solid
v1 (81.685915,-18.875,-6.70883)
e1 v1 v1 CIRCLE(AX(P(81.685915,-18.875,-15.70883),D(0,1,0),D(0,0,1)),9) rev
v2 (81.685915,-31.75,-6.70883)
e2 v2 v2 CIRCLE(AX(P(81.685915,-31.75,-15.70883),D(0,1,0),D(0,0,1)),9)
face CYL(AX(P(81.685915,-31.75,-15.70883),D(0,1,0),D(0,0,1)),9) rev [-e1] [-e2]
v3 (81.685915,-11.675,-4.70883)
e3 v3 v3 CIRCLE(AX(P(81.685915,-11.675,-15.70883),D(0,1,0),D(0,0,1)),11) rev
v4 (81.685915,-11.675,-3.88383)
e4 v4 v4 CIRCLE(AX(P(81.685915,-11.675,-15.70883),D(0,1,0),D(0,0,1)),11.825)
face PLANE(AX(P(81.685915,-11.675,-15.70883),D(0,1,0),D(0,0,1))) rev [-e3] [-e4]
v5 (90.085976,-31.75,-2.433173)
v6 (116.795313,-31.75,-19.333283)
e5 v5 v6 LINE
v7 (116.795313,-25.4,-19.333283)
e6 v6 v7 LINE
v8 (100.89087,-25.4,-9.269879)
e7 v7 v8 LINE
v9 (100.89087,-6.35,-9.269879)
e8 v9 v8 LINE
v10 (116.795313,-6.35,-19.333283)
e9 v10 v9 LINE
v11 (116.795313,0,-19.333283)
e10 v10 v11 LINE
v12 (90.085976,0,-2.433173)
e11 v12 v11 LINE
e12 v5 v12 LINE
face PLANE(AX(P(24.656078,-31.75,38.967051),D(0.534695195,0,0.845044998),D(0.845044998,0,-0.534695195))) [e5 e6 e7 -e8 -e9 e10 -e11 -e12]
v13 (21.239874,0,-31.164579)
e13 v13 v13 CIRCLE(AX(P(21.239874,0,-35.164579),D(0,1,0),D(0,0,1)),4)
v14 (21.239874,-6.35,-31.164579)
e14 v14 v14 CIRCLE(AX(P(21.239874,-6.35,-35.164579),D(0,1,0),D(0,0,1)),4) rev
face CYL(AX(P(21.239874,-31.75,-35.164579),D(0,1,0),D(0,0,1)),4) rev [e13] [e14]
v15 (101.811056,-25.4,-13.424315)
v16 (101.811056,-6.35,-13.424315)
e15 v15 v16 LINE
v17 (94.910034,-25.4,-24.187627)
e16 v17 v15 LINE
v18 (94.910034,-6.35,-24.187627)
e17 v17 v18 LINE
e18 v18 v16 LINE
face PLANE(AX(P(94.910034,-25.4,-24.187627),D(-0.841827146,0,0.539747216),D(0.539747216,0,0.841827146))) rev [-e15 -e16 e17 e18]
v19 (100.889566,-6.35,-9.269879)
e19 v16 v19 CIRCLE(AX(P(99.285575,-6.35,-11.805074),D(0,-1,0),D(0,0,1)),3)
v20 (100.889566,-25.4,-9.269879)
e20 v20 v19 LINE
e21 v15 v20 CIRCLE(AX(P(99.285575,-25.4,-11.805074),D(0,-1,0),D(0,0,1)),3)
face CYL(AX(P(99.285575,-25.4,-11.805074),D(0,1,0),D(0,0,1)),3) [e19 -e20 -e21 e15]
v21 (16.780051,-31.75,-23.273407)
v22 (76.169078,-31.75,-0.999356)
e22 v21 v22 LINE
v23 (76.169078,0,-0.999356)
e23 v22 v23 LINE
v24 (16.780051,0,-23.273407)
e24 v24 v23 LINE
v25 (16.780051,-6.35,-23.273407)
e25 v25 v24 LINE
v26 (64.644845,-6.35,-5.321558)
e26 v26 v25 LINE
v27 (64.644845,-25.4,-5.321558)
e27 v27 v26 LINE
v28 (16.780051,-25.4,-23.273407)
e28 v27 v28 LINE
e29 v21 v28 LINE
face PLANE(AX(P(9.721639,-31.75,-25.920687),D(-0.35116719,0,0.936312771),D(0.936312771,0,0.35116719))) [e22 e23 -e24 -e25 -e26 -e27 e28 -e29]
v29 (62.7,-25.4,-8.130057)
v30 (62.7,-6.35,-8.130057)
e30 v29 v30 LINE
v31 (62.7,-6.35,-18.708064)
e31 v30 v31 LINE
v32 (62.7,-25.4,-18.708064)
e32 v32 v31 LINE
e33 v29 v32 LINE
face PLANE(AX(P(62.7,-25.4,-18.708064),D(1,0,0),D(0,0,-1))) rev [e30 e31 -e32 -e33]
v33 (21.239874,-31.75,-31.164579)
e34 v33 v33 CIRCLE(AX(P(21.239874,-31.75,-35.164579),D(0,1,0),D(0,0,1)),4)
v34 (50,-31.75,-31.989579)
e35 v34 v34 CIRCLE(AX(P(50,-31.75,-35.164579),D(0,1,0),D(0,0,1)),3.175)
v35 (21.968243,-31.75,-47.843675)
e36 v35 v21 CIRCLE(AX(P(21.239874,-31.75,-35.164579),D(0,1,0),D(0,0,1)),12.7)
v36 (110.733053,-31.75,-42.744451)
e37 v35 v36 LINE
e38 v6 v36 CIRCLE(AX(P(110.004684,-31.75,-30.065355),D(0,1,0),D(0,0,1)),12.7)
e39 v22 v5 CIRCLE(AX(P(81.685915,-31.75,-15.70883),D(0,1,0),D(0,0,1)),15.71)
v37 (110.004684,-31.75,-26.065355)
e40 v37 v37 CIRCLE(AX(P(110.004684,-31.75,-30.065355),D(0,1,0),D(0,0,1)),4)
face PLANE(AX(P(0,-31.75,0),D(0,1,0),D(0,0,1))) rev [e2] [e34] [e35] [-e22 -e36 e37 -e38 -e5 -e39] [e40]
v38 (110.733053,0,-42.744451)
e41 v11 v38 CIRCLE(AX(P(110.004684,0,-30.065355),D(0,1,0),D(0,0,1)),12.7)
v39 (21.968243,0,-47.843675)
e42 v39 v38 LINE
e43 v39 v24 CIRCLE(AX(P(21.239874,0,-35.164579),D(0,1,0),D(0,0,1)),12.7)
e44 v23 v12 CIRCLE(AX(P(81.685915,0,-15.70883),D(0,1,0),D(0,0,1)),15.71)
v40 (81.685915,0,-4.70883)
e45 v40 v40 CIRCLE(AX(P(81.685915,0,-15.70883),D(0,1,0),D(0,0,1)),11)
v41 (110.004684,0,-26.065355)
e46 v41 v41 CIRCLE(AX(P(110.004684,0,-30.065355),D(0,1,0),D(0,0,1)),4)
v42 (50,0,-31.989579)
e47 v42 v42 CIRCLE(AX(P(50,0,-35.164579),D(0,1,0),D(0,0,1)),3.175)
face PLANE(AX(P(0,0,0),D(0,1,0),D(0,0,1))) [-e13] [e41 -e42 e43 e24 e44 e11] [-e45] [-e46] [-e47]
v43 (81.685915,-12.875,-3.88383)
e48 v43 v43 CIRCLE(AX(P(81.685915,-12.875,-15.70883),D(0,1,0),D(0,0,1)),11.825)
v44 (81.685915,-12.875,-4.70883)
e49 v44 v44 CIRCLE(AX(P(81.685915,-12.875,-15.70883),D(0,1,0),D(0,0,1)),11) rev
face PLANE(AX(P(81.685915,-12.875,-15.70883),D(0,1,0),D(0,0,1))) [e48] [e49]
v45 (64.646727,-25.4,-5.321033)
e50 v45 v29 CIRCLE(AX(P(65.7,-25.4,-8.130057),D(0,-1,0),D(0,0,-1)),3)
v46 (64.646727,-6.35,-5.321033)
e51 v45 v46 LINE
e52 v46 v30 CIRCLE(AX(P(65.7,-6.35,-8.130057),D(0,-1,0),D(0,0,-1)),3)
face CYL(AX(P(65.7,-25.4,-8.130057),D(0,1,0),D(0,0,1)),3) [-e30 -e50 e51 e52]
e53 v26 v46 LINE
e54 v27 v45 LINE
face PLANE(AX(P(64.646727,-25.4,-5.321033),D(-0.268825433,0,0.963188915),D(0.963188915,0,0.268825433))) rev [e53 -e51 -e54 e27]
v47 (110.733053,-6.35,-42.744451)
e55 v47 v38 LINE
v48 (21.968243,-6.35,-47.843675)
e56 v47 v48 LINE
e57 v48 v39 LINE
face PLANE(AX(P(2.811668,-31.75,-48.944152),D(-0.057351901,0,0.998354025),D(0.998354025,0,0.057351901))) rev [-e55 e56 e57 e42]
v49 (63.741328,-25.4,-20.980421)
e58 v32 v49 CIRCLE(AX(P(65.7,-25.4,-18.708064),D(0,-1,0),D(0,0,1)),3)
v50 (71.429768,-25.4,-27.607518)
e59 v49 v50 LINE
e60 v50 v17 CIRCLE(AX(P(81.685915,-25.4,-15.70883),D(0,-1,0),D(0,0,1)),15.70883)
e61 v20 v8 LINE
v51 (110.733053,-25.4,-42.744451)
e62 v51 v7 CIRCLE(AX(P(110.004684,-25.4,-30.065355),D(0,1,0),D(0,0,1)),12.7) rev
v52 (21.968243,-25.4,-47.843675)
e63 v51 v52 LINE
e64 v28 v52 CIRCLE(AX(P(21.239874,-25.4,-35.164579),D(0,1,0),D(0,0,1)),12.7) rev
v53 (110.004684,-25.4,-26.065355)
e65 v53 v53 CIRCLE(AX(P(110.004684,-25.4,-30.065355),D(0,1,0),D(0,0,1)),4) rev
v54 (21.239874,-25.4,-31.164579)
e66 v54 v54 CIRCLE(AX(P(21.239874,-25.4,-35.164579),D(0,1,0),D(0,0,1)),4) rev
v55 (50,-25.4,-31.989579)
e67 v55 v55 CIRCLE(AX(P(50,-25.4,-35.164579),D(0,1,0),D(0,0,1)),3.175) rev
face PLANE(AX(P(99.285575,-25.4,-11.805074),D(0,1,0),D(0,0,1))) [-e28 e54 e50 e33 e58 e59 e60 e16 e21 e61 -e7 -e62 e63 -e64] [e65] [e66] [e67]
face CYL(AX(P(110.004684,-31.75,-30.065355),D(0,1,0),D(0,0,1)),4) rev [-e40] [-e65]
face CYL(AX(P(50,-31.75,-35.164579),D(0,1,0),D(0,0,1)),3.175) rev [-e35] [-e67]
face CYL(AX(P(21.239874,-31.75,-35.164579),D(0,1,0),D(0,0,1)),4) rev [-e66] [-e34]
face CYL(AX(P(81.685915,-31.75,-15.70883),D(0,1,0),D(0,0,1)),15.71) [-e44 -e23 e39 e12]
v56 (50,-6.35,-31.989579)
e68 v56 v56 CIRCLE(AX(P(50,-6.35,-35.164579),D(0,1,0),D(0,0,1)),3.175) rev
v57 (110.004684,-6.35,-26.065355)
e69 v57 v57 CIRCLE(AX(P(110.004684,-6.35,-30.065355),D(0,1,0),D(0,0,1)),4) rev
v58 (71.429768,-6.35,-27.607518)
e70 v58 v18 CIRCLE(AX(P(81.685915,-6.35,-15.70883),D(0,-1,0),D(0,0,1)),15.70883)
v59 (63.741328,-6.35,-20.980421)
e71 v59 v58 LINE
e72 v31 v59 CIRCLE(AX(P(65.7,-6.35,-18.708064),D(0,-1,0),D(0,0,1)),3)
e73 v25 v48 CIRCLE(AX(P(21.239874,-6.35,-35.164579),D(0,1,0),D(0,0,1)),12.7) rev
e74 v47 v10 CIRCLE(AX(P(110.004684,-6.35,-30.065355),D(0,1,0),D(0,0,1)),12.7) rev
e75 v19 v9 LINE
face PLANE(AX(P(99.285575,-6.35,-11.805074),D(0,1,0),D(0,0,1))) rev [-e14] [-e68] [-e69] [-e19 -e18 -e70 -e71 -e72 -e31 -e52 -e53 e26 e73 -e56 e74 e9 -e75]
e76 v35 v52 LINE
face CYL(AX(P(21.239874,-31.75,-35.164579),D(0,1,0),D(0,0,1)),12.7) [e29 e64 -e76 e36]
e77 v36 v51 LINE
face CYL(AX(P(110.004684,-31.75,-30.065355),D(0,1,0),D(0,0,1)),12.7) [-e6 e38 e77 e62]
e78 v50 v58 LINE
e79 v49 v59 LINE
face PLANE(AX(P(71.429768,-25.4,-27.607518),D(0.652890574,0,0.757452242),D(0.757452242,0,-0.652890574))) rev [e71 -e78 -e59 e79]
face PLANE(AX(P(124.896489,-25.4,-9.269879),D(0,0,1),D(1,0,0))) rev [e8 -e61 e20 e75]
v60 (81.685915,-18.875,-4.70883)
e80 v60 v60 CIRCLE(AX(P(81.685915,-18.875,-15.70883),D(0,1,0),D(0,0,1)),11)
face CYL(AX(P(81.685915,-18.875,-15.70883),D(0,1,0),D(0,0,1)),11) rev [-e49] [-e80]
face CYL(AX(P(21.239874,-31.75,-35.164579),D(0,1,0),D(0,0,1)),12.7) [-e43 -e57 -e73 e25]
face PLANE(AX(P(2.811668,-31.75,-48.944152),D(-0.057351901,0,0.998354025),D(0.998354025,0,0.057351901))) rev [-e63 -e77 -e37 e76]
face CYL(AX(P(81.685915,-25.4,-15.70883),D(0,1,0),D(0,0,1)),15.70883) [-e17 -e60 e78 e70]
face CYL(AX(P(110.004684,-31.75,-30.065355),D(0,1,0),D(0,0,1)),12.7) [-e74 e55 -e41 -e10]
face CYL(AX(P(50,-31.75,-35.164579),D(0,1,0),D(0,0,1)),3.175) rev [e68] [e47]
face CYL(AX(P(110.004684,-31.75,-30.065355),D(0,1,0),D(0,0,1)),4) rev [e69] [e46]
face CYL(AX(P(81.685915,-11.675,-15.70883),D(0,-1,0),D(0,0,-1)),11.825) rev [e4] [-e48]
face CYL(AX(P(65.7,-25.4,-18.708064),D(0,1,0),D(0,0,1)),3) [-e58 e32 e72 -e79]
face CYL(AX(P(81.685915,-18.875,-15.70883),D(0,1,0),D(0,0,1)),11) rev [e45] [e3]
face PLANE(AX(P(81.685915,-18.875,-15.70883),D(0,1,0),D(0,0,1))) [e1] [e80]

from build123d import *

# Parameters (mm, degrees)
SKETCH2_R           = 9
SKETCH2_R_2         = 4
SKETCH2_R_3         = 3.175
BOSS_EXTRUDE1_DEPTH = 31.75
CUT_EXTRUDE7_DEPTH  = 19.05
SKETCH4_R           = 11
CUT_EXTRUDE8_DEPTH  = 18.875
SKETCH5_R           = 11.825
CUT_EXTRUDE9_DEPTH  = 1.2


with BuildPart() as part:
    # Sketch2 → Boss-Extrude1 (new body)
    with BuildSketch(Plane(origin=(0, 0, 0), x_dir=(1, 0, 0), z_dir=(0, 1, 0))):
        with BuildLine():
            Line((16.780050899, 23.273406552), (76.169078327, 0.999356152))
            ThreePointArc((76.169078327, 0.999356152), (83.295947219, 0.081549283), (90.085976392, 2.43317287))
            Line((90.085976392, 2.43317287), (116.795312979, 19.333283493))
            ThreePointArc((116.795312979, 19.333283493), (122.299175659, 33.248981014), (110.733053142, 42.744451083))
            Line((110.733053142, 42.744451083), (21.968243349, 47.843674862))
            ThreePointArc((21.968243349, 47.843674862), (8.8138749, 37.788419678), (16.780050899, 23.273406552))
        make_face()
        with Locations((81.685914874, 15.708829783)):
            Circle(SKETCH2_R, mode=Mode.SUBTRACT)
        with Locations((110.004683999, 30.065354964)):
            Circle(SKETCH2_R_2, mode=Mode.SUBTRACT)
        with Locations((21.239874206, 35.164578743)):
            Circle(SKETCH2_R_2, mode=Mode.SUBTRACT)
        with Locations((50, 35.164578743)):
            Circle(SKETCH2_R_3, mode=Mode.SUBTRACT)
    extrude(amount=-BOSS_EXTRUDE1_DEPTH)

    # Sketch3 → Cut-Extrude7 (cut)
    with BuildSketch(Plane(origin=(0, -6.35, 0), x_dir=(1, 0, 0), z_dir=(0, 1, 0))):
        with BuildLine():
            Line((94.910034212, 24.187626921), (101.811056049, 13.424315235))
            ThreePointArc((101.811056049, 13.424315235), (102.214392091, 11.155436631), (100.889566337, 9.269879207))
            Line((100.889566337, 9.269879207), (124.896489339, 9.269879207))
            Line((124.896489339, 9.269879207), (123.850468237, 47.864578743))
            Line((123.850468237, 47.864578743), (8.539874206, 47.864578743))
            Line((8.539874206, 47.864578743), (8.539874206, 20.980420685))
            Line((8.539874206, 20.980420685), (64.646726928, 5.321032632))
            ThreePointArc((64.646726928, 5.321032632), (63.234252728, 6.421229435), (62.7, 8.130056632))
            Line((62.7, 8.130056632), (62.7, 18.708063959))
            ThreePointArc((62.7, 18.708063959), (62.972728913, 19.95786091), (63.741328279, 20.980420685))
            Line((63.741328279, 20.980420685), (71.429767985, 27.607518121))
            ThreePointArc((71.429767985, 27.607518121), (83.950010515, 31.253642555), (94.910034212, 24.187626921))
        make_face()
    extrude(amount=-CUT_EXTRUDE7_DEPTH, mode=Mode.SUBTRACT)

    # Sketch4 → Cut-Extrude8 (cut)
    with BuildSketch(Plane(origin=(0, 0, 0), x_dir=(1, 0, 0), z_dir=(0, 1, 0))):
        with Locations((81.685914874, 15.708829783)):
            Circle(SKETCH4_R)
    extrude(amount=-CUT_EXTRUDE8_DEPTH, mode=Mode.SUBTRACT)

    # Sketch5 → Cut-Extrude9 (cut)
    with BuildSketch(Plane(origin=(0, -12.875, 0), x_dir=(1, 0, 0), z_dir=(0, 1, 0))):
        with Locations((81.685914874, 15.708829783)):
            Circle(SKETCH5_R)
    extrude(amount=CUT_EXTRUDE9_DEPTH, mode=Mode.SUBTRACT)


solid = part.part
